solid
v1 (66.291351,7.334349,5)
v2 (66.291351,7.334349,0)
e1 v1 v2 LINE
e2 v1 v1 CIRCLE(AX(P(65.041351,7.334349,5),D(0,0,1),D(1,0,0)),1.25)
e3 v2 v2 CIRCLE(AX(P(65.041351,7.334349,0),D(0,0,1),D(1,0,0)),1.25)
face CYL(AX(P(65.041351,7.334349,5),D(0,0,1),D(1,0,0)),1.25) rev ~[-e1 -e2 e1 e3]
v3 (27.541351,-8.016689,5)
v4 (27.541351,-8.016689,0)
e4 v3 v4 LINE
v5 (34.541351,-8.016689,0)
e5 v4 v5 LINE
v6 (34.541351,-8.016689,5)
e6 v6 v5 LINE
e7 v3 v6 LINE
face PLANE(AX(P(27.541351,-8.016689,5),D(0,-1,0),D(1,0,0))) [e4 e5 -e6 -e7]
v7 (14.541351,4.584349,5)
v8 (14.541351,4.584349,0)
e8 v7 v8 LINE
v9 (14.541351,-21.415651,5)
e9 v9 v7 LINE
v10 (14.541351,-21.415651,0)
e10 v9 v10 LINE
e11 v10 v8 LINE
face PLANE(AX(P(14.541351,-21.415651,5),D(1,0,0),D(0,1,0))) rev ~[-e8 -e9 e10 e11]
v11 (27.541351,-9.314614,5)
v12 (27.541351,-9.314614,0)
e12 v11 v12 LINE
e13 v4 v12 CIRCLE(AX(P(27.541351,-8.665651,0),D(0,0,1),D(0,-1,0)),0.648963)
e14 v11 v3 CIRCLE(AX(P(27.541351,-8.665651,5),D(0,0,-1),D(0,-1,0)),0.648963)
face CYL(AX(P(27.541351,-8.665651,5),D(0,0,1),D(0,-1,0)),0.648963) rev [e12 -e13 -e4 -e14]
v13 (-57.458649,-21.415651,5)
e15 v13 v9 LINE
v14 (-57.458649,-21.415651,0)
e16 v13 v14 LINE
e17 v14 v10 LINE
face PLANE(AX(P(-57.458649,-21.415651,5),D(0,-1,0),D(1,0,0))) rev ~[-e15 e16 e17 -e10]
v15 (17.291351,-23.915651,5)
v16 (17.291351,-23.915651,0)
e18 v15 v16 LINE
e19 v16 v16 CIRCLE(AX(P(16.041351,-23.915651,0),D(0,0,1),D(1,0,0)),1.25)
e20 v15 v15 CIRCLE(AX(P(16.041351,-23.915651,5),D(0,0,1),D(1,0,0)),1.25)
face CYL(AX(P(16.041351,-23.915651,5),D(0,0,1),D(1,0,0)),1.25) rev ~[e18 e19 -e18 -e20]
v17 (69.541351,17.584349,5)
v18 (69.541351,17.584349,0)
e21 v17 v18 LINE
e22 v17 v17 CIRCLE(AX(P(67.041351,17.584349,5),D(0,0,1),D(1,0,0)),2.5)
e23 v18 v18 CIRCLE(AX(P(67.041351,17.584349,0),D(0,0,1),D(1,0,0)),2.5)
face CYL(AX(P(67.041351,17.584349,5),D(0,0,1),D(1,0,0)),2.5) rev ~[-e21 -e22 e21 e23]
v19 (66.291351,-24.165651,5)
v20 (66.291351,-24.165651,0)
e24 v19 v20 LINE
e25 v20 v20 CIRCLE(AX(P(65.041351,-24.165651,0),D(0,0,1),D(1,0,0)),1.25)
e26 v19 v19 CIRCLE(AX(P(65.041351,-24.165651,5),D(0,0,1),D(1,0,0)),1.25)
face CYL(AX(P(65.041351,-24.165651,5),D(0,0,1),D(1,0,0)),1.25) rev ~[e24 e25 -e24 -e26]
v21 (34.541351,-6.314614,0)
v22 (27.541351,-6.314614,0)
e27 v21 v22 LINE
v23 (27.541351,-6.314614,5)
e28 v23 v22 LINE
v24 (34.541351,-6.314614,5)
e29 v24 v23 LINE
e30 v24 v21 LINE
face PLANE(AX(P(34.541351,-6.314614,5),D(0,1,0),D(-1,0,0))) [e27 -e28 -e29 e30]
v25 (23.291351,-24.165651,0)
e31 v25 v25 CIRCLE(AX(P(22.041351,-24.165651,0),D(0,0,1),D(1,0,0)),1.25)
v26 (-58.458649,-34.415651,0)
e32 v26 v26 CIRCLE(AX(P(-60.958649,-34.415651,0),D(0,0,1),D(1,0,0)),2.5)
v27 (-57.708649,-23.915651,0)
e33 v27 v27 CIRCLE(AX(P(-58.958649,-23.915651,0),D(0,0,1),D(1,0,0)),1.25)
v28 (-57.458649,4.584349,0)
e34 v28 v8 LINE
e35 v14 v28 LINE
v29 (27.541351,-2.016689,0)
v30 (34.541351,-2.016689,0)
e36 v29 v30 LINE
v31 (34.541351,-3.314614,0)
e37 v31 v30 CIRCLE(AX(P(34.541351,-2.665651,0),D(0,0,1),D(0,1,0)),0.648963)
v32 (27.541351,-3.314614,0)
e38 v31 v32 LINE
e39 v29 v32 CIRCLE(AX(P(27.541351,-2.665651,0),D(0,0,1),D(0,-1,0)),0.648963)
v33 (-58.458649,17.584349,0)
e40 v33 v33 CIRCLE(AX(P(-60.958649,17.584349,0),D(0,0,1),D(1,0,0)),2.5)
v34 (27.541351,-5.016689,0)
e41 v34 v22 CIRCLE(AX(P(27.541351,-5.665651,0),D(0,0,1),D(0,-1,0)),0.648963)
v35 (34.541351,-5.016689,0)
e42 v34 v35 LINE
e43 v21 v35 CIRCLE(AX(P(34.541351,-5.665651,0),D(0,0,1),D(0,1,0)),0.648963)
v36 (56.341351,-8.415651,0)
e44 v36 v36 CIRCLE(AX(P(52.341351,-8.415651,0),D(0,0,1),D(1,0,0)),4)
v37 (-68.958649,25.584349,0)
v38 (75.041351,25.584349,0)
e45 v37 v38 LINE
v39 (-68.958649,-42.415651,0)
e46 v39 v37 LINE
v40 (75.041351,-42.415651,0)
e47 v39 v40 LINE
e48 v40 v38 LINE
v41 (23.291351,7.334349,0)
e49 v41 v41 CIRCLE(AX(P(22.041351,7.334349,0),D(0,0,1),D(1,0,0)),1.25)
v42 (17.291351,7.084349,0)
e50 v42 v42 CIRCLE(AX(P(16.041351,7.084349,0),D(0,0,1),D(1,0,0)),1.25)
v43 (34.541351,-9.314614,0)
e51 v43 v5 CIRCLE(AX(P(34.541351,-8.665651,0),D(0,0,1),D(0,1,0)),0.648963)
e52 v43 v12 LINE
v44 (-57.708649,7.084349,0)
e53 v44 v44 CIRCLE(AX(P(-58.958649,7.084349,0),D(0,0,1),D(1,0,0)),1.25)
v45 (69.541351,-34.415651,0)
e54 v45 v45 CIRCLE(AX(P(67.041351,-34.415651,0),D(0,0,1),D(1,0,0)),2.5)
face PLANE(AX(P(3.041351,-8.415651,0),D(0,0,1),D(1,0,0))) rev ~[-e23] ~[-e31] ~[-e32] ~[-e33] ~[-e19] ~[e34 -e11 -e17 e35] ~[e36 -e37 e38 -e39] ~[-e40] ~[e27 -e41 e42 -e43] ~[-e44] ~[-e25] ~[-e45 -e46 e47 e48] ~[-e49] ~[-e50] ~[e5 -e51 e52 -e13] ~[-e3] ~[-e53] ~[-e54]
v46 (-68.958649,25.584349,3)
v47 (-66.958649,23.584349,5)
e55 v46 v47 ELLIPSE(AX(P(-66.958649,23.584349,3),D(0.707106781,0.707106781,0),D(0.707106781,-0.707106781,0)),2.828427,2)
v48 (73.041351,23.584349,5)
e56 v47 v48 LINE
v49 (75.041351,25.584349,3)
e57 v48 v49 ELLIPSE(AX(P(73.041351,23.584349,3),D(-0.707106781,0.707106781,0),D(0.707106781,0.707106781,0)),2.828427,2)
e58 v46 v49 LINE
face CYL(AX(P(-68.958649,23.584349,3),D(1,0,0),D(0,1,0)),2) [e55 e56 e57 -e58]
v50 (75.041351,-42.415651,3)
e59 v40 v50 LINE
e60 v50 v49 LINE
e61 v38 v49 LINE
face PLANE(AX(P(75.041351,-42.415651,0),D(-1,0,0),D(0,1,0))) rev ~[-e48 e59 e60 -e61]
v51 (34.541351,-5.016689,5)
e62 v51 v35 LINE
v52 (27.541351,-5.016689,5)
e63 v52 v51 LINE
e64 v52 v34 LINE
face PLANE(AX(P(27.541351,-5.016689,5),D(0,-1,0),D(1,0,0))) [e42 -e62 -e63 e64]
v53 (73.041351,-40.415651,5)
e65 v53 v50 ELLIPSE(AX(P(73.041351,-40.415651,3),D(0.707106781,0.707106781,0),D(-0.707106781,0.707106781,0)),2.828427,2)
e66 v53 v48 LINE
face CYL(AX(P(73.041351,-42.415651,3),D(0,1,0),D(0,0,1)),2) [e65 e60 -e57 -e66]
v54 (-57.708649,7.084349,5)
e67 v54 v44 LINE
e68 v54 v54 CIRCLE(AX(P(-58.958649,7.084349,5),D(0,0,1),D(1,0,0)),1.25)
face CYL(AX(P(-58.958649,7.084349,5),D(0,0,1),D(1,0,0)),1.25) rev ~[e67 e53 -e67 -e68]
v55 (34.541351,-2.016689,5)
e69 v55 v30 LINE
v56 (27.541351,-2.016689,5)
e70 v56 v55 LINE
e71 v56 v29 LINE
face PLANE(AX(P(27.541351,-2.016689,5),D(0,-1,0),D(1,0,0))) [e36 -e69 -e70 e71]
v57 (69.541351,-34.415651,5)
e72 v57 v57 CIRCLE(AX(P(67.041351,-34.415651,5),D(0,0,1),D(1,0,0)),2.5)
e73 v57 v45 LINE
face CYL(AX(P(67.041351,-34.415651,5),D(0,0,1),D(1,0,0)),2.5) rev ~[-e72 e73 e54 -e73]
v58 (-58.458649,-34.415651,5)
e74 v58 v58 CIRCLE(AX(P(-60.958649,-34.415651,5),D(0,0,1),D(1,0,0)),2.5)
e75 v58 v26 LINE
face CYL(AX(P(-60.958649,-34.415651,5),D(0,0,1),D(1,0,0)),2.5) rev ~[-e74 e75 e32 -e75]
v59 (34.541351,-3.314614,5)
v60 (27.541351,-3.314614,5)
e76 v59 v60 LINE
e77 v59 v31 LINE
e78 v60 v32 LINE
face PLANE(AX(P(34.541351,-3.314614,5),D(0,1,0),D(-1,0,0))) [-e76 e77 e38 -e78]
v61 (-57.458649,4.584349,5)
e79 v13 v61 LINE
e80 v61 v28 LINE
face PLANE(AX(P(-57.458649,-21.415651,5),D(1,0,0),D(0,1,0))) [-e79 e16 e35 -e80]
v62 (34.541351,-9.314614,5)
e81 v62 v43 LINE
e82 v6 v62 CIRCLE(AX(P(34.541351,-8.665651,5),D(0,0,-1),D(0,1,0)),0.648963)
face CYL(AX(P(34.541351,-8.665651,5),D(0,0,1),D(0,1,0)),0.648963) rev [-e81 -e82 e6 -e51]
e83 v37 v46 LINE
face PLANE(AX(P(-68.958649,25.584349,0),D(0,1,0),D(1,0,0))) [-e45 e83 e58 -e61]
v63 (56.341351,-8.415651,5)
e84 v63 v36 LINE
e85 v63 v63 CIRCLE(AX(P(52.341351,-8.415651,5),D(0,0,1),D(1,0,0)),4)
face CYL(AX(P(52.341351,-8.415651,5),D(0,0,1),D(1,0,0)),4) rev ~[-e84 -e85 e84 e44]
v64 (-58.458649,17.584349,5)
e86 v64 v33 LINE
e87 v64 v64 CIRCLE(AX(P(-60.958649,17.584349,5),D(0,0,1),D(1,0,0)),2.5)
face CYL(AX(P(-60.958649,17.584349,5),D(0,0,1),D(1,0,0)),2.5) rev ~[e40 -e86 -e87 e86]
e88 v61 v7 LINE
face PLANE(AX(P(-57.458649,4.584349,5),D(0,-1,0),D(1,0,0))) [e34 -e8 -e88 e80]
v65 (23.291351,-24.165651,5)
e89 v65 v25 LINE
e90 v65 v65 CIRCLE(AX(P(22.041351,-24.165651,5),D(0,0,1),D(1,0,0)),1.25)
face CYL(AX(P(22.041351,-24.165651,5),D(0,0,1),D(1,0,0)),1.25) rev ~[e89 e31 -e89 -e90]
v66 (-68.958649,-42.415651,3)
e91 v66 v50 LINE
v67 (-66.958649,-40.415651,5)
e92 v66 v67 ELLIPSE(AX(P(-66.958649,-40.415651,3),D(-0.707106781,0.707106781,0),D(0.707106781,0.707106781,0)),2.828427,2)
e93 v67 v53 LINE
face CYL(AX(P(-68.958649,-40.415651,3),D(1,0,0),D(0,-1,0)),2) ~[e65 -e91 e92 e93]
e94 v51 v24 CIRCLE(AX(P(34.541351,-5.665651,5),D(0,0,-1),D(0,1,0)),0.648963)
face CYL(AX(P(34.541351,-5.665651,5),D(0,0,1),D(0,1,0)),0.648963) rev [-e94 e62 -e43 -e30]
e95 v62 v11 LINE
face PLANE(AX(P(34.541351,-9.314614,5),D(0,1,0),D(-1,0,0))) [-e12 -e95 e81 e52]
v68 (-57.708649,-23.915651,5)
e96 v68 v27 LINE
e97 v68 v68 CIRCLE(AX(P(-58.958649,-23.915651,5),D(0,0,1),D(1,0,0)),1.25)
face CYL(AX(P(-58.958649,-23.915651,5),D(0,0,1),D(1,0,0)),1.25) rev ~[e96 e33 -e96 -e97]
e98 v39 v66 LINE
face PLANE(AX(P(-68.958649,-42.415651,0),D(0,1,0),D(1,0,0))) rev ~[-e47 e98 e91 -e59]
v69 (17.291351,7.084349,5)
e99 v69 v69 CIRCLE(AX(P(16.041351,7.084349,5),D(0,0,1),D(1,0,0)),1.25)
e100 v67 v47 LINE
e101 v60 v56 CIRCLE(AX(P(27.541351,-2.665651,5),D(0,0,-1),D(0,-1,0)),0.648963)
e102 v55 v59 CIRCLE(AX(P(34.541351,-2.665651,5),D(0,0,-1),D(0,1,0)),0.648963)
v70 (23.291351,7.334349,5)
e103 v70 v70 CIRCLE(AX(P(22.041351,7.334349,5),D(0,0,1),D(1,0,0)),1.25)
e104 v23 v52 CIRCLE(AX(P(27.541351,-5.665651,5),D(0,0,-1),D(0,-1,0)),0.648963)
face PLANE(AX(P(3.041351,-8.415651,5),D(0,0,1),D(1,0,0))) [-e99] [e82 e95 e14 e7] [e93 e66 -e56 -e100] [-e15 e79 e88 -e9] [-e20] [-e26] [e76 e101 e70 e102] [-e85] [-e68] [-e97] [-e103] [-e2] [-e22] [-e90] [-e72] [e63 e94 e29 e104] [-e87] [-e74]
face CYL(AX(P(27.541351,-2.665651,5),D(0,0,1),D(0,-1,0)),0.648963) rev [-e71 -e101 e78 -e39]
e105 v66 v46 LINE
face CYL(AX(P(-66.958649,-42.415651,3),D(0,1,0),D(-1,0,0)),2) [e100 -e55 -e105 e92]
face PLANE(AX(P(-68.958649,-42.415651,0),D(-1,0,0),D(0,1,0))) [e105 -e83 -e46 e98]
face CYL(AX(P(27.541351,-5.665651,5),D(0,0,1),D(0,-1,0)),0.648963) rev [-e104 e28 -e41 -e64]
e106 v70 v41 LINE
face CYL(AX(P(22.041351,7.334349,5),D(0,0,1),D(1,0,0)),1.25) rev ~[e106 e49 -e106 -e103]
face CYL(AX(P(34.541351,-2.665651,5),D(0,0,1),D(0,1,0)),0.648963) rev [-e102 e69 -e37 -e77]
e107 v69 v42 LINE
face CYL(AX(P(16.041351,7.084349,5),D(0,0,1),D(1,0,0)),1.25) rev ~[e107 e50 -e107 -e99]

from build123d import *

# Parameters (mm, degrees)
SKETCH_1_W          = 144
SKETCH_1_H          = 68
EXTRUDE_1_DEPTH     = 5
SKETCH_2_R          = 1.25
CUT_EXTRUDE_1_DEPTH = 87.344031922
SKETCH_3_W          = 72
SKETCH_3_H          = 26
CUT_EXTRUDE_2_DEPTH = 87.344031922
SKETCH_5_R          = 1.25
CUT_EXTRUDE_3_DEPTH = 87.344031922
CUT_EXTRUDE_4_DEPTH = 87.344031922
SKETCH_7_R          = 4
CUT_EXTRUDE_5_DEPTH = 87.344031922
SKETCH_8_R          = 2.5
CUT_EXTRUDE_6_DEPTH = 87.344031922
FILLET_1_R          = 2


with BuildPart() as part:
    # Эскиз1 → Бобышка-Вытянуть1 (new body)
    with BuildSketch(Plane.XY):
        with Locations((3.041351056, -8.41565136)):
            Rectangle(SKETCH_1_W, SKETCH_1_H)
    extrude(amount=EXTRUDE_1_DEPTH)

    # Эскиз2 → Вырез-Вытянуть1 (cut, through all)
    with BuildSketch(Plane.XY.offset(5)):
        with Locations((-58.958648944, 7.08434864)):
            Circle(SKETCH_2_R)
        with Locations((-58.958648944, -23.91565136)):
            Circle(SKETCH_2_R)
        with Locations((16.041351056, 7.08434864)):
            Circle(SKETCH_2_R)
        with Locations((16.041351056, -23.91565136)):
            Circle(SKETCH_2_R)
    extrude(amount=-CUT_EXTRUDE_1_DEPTH, mode=Mode.SUBTRACT)

    # Эскиз3 → Вырез-Вытянуть2 (cut, through all)
    with BuildSketch(Plane.XY.offset(5)):
        with Locations((-21.458648944, -8.41565136)):
            Rectangle(SKETCH_3_W, SKETCH_3_H)
    extrude(amount=-CUT_EXTRUDE_2_DEPTH, mode=Mode.SUBTRACT)

    # Эскиз5 → Вырез-Вытянуть3 (cut, through all)
    with BuildSketch(Plane.XY.offset(5)):
        with Locations((22.041351056, -24.16565136)):
            Circle(SKETCH_5_R)
        with Locations((65.041351056, -24.16565136)):
            Circle(SKETCH_5_R)
        with Locations((65.041351056, 7.33434864)):
            Circle(SKETCH_5_R)
        with Locations((22.041351056, 7.33434864)):
            Circle(SKETCH_5_R)
    extrude(amount=-CUT_EXTRUDE_3_DEPTH, mode=Mode.SUBTRACT)

    # Эскиз6 → Вырез-Вытянуть4 (cut, through all)
    with BuildSketch(Plane.XY.offset(5)):
        with BuildLine():
            Line((27.541351056, -8.016688712), (34.541351056, -8.016688712))
            ThreePointArc((34.541351056, -8.016688712), (35.190313704, -8.66565136), (34.541351056, -9.314614008))
            Line((34.541351056, -9.314614008), (27.541351056, -9.314614008))
            ThreePointArc((27.541351056, -9.314614008), (26.892388408, -8.66565136), (27.541351056, -8.016688712))
        make_face()
        with BuildLine():
            Line((27.541351056, -5.016688712), (34.541351056, -5.016688712))
            ThreePointArc((34.541351056, -5.016688712), (35.190313704, -5.66565136), (34.541351056, -6.314614008))
            Line((34.541351056, -6.314614008), (27.541351056, -6.314614008))
            ThreePointArc((27.541351056, -6.314614008), (26.892388408, -5.66565136), (27.541351056, -5.016688712))
        make_face()
        with BuildLine():
            Line((27.541351056, -2.016688712), (34.541351056, -2.016688712))
            ThreePointArc((34.541351056, -2.016688712), (35.190313704, -2.66565136), (34.541351056, -3.314614008))
            Line((34.541351056, -3.314614008), (27.541351056, -3.314614008))
            ThreePointArc((27.541351056, -3.314614008), (26.892388408, -2.66565136), (27.541351056, -2.016688712))
        make_face()
    extrude(amount=-CUT_EXTRUDE_4_DEPTH, mode=Mode.SUBTRACT)

    # Эскиз7 → Вырез-Вытянуть5 (cut, through all)
    with BuildSketch(Plane.XY.offset(5)):
        with Locations((52.341351056, -8.41565136)):
            Circle(SKETCH_7_R)
    extrude(amount=-CUT_EXTRUDE_5_DEPTH, mode=Mode.SUBTRACT)

    # Эскиз8 → Вырез-Вытянуть6 (cut, through all)
    with BuildSketch(Plane.XY.offset(5)):
        with Locations((-60.958648944, 17.58434864)):
            Circle(SKETCH_8_R)
        with Locations((67.041351056, 17.58434864)):
            Circle(SKETCH_8_R)
        with Locations((67.041351056, -34.41565136)):
            Circle(SKETCH_8_R)
        with Locations((-60.958648944, -34.41565136)):
            Circle(SKETCH_8_R)
    extrude(amount=-CUT_EXTRUDE_6_DEPTH, mode=Mode.SUBTRACT)

    # Скругление1
    fillet_1_edges = [part.edges().sort_by_distance(p)[0] for p in [
        (75.041351056, -8.41565136, 5),
        (3.041351056, 25.58434864, 5),
        (-68.958648944, -8.41565136, 5),
        (3.041351056, -42.41565136, 5),
    ]]
    fillet(fillet_1_edges, radius=FILLET_1_R)


solid = part.part
